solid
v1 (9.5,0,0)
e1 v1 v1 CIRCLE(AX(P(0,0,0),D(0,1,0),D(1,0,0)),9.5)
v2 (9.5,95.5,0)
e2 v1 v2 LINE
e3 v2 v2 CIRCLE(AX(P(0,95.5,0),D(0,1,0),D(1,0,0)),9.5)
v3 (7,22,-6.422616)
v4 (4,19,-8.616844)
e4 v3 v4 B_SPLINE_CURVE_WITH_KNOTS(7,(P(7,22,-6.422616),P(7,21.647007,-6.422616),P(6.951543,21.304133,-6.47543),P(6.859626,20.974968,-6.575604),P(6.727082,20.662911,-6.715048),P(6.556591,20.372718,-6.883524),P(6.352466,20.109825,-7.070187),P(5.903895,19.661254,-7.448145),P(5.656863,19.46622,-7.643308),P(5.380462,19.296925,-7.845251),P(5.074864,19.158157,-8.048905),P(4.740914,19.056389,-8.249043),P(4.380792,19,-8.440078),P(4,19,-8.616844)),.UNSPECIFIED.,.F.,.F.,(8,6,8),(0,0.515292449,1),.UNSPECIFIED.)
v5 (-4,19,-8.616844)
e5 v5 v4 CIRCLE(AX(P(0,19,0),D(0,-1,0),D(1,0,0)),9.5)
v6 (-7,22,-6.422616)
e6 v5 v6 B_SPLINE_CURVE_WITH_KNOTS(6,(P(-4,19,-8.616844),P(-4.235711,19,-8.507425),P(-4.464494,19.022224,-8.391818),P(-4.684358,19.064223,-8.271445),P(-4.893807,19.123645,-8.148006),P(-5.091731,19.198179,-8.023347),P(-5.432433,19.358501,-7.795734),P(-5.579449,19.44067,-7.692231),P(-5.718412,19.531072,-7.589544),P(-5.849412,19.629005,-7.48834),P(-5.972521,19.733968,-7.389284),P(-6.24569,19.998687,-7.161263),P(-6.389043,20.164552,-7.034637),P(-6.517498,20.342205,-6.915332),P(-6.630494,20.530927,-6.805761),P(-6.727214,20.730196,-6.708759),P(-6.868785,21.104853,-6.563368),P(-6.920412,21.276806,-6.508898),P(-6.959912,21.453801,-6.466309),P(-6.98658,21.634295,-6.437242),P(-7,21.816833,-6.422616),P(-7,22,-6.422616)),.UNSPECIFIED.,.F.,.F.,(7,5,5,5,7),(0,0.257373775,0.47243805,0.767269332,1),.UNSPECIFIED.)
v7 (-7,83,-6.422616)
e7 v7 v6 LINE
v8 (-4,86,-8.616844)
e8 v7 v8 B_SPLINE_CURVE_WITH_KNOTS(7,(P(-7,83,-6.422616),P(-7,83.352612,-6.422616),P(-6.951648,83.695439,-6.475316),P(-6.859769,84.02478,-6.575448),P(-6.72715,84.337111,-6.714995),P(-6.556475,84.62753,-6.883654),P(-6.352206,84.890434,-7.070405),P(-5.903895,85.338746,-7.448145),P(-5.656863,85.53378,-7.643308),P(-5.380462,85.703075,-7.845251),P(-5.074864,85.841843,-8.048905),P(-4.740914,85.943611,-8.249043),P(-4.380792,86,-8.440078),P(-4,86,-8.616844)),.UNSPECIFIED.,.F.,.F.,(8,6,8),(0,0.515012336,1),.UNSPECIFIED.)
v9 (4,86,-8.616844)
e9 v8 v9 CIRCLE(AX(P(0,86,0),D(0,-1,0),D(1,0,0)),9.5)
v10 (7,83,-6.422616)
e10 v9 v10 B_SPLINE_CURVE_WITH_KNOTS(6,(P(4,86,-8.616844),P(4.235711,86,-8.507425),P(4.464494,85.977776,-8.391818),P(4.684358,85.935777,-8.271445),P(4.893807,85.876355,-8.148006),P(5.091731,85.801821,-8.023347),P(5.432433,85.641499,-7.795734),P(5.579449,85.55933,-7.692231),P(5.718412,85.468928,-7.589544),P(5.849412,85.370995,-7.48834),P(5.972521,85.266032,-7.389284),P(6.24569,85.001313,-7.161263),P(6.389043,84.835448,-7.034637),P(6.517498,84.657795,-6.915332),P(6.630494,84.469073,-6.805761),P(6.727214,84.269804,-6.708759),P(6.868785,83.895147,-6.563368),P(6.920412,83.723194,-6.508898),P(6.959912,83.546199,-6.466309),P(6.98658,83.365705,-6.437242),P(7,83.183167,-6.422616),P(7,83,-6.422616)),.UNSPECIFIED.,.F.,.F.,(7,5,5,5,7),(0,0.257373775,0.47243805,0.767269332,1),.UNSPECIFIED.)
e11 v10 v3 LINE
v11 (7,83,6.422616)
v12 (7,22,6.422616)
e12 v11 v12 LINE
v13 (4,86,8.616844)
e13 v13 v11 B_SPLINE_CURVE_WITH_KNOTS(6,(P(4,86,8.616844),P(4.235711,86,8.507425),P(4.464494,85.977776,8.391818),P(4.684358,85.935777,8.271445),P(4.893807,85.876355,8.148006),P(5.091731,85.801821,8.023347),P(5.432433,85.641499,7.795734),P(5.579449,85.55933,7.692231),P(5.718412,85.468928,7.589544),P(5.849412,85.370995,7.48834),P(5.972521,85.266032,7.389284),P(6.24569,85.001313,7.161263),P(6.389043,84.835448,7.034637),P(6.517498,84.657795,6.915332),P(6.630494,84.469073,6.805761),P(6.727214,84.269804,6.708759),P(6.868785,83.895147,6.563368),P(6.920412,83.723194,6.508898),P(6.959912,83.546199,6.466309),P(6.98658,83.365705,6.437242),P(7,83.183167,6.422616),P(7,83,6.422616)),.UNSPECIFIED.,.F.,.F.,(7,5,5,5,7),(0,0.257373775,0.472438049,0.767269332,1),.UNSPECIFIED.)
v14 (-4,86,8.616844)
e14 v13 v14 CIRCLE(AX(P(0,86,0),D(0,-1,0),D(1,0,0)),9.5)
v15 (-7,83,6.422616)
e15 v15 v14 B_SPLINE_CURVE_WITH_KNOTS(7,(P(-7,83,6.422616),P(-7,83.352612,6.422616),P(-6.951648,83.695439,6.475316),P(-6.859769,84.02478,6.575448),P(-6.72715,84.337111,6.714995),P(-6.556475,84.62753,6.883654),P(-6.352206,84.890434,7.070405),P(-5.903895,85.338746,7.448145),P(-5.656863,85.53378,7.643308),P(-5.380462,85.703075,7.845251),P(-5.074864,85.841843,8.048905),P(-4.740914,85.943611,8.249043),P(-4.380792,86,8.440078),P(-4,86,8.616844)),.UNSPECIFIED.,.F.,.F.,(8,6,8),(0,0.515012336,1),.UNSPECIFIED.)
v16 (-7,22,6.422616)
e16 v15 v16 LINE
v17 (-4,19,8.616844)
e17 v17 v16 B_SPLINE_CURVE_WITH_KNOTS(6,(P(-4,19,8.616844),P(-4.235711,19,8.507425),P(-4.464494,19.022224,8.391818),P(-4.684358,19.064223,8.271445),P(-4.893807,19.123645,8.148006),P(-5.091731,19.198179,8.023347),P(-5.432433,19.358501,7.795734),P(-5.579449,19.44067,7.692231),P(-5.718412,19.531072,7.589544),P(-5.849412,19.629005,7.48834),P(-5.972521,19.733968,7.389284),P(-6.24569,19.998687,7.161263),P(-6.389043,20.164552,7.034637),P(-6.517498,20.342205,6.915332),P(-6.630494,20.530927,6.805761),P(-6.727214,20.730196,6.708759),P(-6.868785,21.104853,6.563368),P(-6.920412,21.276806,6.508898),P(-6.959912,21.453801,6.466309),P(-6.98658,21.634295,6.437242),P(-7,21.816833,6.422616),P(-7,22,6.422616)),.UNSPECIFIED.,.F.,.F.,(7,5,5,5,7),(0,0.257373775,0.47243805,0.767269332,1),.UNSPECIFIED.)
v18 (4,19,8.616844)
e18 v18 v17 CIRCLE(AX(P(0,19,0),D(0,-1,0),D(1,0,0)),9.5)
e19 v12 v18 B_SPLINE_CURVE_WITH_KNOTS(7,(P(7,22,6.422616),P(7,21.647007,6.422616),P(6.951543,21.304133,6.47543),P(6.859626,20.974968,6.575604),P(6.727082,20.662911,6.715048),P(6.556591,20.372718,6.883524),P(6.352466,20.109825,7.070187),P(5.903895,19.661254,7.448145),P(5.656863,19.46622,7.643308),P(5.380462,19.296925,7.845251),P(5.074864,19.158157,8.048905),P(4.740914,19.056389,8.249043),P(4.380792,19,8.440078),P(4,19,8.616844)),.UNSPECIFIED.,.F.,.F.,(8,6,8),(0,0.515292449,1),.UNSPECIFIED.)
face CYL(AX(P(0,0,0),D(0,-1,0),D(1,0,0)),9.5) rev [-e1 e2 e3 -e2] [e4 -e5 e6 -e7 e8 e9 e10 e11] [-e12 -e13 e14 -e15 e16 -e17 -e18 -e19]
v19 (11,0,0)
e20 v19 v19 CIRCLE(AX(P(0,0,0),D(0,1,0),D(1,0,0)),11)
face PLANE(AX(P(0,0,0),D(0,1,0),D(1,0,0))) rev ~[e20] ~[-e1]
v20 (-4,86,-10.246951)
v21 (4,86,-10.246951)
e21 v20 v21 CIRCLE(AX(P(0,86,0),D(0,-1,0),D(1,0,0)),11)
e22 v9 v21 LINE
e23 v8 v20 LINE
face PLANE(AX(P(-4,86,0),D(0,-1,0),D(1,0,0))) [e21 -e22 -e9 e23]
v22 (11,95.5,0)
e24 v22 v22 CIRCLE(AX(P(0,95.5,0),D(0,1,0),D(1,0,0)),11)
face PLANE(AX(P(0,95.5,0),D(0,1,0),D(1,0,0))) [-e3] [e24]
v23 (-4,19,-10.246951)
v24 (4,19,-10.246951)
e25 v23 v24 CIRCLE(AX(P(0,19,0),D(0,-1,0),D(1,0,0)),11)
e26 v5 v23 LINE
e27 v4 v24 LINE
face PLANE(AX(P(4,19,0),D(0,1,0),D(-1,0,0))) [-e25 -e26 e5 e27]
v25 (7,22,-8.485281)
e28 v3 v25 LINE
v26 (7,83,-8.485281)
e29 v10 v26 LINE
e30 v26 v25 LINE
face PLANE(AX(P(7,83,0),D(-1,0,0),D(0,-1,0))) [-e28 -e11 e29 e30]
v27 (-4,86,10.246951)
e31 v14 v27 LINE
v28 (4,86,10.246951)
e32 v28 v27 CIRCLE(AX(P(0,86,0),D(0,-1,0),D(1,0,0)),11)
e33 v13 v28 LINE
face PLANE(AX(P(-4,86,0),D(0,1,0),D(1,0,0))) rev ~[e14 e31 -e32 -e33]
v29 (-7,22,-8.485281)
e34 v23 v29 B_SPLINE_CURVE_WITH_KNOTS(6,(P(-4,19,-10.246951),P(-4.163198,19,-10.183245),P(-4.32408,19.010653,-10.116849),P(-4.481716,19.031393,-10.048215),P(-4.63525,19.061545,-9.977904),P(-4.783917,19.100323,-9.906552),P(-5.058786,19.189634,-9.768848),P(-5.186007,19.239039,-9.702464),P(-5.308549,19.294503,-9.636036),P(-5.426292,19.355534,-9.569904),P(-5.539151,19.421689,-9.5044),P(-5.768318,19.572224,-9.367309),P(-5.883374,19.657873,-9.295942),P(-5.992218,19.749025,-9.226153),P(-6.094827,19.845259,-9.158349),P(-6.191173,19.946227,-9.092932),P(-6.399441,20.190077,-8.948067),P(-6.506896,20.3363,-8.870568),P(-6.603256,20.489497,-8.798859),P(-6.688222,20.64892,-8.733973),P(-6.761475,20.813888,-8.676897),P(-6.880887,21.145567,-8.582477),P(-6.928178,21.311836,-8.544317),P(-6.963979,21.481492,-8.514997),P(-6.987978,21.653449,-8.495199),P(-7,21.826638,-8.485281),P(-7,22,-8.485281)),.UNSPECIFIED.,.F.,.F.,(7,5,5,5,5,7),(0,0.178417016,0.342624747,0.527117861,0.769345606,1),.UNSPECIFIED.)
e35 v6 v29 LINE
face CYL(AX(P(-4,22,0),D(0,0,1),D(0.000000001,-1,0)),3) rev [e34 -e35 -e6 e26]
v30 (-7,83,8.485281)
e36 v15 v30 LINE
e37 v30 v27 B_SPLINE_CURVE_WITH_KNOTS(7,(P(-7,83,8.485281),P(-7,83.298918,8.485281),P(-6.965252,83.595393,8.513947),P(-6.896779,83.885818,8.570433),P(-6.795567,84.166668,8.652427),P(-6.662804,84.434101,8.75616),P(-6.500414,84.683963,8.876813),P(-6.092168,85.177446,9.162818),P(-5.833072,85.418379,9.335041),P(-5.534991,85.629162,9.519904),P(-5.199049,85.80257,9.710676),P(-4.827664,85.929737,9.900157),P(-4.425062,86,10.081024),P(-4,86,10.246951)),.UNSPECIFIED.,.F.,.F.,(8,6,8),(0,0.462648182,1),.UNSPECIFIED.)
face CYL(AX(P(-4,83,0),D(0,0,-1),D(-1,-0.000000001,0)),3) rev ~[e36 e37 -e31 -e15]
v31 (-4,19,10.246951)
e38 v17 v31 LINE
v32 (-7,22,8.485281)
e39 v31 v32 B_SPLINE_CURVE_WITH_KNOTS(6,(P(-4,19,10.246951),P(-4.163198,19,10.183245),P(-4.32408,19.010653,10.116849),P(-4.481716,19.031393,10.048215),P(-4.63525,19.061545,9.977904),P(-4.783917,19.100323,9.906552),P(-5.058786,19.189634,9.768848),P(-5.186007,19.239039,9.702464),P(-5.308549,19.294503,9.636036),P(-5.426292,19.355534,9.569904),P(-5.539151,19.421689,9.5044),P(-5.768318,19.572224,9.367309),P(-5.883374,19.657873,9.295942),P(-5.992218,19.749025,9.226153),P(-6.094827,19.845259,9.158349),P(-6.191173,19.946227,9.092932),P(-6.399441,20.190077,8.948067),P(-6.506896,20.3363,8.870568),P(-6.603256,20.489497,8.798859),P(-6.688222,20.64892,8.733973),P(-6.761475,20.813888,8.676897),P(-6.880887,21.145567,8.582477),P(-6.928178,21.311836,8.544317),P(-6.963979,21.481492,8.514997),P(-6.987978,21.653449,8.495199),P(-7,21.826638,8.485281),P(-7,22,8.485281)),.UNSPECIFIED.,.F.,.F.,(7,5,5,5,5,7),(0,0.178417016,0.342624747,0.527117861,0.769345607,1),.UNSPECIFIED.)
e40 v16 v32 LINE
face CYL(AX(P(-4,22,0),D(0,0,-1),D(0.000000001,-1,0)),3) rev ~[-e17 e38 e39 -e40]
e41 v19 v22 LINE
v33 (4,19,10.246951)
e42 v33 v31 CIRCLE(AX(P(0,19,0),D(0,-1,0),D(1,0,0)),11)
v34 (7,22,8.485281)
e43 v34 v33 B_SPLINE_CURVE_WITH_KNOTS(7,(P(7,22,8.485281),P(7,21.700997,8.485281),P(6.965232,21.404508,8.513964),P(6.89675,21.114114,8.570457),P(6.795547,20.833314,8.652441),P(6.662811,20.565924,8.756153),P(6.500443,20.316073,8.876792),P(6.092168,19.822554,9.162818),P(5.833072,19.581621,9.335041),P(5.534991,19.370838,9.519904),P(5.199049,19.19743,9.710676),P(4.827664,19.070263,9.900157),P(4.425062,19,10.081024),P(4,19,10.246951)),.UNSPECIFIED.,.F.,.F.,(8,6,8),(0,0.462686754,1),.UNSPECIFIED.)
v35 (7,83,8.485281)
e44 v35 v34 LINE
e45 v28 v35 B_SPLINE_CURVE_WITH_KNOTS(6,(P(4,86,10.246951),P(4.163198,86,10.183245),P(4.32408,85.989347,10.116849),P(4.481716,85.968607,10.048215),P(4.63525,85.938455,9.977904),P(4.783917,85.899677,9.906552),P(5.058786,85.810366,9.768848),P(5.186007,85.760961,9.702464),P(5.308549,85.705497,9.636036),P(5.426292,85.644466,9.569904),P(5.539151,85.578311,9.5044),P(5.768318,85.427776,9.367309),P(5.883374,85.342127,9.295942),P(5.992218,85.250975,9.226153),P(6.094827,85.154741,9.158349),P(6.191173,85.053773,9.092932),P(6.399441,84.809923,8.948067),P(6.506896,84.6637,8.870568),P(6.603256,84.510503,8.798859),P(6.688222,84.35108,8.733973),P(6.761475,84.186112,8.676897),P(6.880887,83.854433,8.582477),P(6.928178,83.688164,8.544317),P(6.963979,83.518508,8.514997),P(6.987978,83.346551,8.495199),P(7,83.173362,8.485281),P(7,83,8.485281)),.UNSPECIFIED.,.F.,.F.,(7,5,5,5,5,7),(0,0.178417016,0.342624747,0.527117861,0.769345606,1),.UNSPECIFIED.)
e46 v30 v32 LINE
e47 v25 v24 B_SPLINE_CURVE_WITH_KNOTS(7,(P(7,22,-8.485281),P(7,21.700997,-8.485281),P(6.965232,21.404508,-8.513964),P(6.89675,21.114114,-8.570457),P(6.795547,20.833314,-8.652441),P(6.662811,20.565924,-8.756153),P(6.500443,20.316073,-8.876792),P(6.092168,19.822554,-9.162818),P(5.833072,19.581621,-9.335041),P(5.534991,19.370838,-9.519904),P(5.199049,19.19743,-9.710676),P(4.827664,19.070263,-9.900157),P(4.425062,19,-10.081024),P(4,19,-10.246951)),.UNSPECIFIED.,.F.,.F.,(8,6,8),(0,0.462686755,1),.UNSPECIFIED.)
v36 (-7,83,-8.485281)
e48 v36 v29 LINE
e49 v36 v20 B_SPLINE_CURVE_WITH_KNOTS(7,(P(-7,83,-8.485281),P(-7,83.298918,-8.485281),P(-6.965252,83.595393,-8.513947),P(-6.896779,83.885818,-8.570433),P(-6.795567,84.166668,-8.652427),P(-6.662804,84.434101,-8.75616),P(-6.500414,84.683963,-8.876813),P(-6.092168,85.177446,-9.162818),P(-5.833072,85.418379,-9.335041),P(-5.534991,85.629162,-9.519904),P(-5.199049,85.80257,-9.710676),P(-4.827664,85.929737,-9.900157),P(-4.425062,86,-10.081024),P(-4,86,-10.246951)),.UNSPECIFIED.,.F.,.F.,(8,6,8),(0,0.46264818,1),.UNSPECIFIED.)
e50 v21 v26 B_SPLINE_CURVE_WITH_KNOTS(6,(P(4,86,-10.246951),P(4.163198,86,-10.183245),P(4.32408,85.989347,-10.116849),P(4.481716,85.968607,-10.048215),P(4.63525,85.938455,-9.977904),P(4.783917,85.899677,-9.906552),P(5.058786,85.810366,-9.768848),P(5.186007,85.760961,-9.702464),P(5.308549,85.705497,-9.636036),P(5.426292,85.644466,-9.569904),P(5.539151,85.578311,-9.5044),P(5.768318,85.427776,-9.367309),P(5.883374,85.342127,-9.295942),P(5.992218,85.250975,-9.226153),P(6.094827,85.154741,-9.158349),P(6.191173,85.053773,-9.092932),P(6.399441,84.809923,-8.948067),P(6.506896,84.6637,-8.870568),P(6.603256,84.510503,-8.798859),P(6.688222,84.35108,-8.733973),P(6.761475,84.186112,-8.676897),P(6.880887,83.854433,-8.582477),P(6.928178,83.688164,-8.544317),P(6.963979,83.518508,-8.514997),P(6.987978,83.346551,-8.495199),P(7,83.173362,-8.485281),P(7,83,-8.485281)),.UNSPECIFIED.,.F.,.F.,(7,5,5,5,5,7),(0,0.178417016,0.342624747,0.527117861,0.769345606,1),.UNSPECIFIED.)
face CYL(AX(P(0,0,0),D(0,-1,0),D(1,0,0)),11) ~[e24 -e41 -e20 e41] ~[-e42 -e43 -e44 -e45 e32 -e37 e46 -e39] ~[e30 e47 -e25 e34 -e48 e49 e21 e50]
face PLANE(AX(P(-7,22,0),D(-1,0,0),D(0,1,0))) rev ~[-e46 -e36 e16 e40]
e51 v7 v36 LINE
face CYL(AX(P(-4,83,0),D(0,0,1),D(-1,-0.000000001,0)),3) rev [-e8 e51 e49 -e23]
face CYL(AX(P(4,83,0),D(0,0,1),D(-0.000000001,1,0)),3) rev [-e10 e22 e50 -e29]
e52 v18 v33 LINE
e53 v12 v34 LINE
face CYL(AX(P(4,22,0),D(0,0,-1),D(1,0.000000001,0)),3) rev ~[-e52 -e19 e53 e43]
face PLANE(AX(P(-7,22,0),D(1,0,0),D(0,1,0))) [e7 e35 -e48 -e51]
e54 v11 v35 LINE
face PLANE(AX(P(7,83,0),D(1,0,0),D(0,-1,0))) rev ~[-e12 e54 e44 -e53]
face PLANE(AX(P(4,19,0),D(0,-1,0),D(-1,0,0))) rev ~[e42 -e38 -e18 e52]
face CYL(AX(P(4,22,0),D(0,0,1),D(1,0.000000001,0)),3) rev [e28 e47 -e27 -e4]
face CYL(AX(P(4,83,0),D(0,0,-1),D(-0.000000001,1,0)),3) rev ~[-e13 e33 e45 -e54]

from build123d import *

# Parameters (mm, degrees)
SKETCH1_R               = 11
SKETCH1_R_2             = 9.5
BOSS_EXTRUDE1_DEPTH     = 95.5
CUT_EXTRUDE1_DEPTH      = 12
CUT_EXTRUDE1_DEPTH_BACK = 12


with BuildPart() as part:
    # Sketch1 → Boss-Extrude1 (new body)
    with BuildSketch(Plane(origin=(0, 0, 0), x_dir=(1, 0, 0), z_dir=(0, 1, 0))):
        Circle(SKETCH1_R)
        Circle(SKETCH1_R_2, mode=Mode.SUBTRACT)
    extrude(amount=BOSS_EXTRUDE1_DEPTH)

    # Sketch2 → Cut-Extrude1 (cut, two sides)
    with BuildSketch(Plane.XY) as cut_extrude1_sk:
        with BuildLine():
            ThreePointArc((-7, 83), (-6.121320344, 85.121320344), (-4, 86))
            Line((-4, 86), (4, 86))
            ThreePointArc((4, 86), (6.121320344, 85.121320344), (7, 83))
            Line((7, 83), (7, 22))
            ThreePointArc((7, 22), (6.121320344, 19.878679656), (4, 19))
            Line((4, 19), (-4, 19))
            ThreePointArc((-4, 19), (-6.121320344, 19.878679656), (-7, 22))
            Line((-7, 22), (-7, 83))
        make_face()
    extrude(amount=CUT_EXTRUDE1_DEPTH, mode=Mode.SUBTRACT)
    extrude(cut_extrude1_sk.sketch, amount=-CUT_EXTRUDE1_DEPTH_BACK, mode=Mode.SUBTRACT)


solid = part.part
